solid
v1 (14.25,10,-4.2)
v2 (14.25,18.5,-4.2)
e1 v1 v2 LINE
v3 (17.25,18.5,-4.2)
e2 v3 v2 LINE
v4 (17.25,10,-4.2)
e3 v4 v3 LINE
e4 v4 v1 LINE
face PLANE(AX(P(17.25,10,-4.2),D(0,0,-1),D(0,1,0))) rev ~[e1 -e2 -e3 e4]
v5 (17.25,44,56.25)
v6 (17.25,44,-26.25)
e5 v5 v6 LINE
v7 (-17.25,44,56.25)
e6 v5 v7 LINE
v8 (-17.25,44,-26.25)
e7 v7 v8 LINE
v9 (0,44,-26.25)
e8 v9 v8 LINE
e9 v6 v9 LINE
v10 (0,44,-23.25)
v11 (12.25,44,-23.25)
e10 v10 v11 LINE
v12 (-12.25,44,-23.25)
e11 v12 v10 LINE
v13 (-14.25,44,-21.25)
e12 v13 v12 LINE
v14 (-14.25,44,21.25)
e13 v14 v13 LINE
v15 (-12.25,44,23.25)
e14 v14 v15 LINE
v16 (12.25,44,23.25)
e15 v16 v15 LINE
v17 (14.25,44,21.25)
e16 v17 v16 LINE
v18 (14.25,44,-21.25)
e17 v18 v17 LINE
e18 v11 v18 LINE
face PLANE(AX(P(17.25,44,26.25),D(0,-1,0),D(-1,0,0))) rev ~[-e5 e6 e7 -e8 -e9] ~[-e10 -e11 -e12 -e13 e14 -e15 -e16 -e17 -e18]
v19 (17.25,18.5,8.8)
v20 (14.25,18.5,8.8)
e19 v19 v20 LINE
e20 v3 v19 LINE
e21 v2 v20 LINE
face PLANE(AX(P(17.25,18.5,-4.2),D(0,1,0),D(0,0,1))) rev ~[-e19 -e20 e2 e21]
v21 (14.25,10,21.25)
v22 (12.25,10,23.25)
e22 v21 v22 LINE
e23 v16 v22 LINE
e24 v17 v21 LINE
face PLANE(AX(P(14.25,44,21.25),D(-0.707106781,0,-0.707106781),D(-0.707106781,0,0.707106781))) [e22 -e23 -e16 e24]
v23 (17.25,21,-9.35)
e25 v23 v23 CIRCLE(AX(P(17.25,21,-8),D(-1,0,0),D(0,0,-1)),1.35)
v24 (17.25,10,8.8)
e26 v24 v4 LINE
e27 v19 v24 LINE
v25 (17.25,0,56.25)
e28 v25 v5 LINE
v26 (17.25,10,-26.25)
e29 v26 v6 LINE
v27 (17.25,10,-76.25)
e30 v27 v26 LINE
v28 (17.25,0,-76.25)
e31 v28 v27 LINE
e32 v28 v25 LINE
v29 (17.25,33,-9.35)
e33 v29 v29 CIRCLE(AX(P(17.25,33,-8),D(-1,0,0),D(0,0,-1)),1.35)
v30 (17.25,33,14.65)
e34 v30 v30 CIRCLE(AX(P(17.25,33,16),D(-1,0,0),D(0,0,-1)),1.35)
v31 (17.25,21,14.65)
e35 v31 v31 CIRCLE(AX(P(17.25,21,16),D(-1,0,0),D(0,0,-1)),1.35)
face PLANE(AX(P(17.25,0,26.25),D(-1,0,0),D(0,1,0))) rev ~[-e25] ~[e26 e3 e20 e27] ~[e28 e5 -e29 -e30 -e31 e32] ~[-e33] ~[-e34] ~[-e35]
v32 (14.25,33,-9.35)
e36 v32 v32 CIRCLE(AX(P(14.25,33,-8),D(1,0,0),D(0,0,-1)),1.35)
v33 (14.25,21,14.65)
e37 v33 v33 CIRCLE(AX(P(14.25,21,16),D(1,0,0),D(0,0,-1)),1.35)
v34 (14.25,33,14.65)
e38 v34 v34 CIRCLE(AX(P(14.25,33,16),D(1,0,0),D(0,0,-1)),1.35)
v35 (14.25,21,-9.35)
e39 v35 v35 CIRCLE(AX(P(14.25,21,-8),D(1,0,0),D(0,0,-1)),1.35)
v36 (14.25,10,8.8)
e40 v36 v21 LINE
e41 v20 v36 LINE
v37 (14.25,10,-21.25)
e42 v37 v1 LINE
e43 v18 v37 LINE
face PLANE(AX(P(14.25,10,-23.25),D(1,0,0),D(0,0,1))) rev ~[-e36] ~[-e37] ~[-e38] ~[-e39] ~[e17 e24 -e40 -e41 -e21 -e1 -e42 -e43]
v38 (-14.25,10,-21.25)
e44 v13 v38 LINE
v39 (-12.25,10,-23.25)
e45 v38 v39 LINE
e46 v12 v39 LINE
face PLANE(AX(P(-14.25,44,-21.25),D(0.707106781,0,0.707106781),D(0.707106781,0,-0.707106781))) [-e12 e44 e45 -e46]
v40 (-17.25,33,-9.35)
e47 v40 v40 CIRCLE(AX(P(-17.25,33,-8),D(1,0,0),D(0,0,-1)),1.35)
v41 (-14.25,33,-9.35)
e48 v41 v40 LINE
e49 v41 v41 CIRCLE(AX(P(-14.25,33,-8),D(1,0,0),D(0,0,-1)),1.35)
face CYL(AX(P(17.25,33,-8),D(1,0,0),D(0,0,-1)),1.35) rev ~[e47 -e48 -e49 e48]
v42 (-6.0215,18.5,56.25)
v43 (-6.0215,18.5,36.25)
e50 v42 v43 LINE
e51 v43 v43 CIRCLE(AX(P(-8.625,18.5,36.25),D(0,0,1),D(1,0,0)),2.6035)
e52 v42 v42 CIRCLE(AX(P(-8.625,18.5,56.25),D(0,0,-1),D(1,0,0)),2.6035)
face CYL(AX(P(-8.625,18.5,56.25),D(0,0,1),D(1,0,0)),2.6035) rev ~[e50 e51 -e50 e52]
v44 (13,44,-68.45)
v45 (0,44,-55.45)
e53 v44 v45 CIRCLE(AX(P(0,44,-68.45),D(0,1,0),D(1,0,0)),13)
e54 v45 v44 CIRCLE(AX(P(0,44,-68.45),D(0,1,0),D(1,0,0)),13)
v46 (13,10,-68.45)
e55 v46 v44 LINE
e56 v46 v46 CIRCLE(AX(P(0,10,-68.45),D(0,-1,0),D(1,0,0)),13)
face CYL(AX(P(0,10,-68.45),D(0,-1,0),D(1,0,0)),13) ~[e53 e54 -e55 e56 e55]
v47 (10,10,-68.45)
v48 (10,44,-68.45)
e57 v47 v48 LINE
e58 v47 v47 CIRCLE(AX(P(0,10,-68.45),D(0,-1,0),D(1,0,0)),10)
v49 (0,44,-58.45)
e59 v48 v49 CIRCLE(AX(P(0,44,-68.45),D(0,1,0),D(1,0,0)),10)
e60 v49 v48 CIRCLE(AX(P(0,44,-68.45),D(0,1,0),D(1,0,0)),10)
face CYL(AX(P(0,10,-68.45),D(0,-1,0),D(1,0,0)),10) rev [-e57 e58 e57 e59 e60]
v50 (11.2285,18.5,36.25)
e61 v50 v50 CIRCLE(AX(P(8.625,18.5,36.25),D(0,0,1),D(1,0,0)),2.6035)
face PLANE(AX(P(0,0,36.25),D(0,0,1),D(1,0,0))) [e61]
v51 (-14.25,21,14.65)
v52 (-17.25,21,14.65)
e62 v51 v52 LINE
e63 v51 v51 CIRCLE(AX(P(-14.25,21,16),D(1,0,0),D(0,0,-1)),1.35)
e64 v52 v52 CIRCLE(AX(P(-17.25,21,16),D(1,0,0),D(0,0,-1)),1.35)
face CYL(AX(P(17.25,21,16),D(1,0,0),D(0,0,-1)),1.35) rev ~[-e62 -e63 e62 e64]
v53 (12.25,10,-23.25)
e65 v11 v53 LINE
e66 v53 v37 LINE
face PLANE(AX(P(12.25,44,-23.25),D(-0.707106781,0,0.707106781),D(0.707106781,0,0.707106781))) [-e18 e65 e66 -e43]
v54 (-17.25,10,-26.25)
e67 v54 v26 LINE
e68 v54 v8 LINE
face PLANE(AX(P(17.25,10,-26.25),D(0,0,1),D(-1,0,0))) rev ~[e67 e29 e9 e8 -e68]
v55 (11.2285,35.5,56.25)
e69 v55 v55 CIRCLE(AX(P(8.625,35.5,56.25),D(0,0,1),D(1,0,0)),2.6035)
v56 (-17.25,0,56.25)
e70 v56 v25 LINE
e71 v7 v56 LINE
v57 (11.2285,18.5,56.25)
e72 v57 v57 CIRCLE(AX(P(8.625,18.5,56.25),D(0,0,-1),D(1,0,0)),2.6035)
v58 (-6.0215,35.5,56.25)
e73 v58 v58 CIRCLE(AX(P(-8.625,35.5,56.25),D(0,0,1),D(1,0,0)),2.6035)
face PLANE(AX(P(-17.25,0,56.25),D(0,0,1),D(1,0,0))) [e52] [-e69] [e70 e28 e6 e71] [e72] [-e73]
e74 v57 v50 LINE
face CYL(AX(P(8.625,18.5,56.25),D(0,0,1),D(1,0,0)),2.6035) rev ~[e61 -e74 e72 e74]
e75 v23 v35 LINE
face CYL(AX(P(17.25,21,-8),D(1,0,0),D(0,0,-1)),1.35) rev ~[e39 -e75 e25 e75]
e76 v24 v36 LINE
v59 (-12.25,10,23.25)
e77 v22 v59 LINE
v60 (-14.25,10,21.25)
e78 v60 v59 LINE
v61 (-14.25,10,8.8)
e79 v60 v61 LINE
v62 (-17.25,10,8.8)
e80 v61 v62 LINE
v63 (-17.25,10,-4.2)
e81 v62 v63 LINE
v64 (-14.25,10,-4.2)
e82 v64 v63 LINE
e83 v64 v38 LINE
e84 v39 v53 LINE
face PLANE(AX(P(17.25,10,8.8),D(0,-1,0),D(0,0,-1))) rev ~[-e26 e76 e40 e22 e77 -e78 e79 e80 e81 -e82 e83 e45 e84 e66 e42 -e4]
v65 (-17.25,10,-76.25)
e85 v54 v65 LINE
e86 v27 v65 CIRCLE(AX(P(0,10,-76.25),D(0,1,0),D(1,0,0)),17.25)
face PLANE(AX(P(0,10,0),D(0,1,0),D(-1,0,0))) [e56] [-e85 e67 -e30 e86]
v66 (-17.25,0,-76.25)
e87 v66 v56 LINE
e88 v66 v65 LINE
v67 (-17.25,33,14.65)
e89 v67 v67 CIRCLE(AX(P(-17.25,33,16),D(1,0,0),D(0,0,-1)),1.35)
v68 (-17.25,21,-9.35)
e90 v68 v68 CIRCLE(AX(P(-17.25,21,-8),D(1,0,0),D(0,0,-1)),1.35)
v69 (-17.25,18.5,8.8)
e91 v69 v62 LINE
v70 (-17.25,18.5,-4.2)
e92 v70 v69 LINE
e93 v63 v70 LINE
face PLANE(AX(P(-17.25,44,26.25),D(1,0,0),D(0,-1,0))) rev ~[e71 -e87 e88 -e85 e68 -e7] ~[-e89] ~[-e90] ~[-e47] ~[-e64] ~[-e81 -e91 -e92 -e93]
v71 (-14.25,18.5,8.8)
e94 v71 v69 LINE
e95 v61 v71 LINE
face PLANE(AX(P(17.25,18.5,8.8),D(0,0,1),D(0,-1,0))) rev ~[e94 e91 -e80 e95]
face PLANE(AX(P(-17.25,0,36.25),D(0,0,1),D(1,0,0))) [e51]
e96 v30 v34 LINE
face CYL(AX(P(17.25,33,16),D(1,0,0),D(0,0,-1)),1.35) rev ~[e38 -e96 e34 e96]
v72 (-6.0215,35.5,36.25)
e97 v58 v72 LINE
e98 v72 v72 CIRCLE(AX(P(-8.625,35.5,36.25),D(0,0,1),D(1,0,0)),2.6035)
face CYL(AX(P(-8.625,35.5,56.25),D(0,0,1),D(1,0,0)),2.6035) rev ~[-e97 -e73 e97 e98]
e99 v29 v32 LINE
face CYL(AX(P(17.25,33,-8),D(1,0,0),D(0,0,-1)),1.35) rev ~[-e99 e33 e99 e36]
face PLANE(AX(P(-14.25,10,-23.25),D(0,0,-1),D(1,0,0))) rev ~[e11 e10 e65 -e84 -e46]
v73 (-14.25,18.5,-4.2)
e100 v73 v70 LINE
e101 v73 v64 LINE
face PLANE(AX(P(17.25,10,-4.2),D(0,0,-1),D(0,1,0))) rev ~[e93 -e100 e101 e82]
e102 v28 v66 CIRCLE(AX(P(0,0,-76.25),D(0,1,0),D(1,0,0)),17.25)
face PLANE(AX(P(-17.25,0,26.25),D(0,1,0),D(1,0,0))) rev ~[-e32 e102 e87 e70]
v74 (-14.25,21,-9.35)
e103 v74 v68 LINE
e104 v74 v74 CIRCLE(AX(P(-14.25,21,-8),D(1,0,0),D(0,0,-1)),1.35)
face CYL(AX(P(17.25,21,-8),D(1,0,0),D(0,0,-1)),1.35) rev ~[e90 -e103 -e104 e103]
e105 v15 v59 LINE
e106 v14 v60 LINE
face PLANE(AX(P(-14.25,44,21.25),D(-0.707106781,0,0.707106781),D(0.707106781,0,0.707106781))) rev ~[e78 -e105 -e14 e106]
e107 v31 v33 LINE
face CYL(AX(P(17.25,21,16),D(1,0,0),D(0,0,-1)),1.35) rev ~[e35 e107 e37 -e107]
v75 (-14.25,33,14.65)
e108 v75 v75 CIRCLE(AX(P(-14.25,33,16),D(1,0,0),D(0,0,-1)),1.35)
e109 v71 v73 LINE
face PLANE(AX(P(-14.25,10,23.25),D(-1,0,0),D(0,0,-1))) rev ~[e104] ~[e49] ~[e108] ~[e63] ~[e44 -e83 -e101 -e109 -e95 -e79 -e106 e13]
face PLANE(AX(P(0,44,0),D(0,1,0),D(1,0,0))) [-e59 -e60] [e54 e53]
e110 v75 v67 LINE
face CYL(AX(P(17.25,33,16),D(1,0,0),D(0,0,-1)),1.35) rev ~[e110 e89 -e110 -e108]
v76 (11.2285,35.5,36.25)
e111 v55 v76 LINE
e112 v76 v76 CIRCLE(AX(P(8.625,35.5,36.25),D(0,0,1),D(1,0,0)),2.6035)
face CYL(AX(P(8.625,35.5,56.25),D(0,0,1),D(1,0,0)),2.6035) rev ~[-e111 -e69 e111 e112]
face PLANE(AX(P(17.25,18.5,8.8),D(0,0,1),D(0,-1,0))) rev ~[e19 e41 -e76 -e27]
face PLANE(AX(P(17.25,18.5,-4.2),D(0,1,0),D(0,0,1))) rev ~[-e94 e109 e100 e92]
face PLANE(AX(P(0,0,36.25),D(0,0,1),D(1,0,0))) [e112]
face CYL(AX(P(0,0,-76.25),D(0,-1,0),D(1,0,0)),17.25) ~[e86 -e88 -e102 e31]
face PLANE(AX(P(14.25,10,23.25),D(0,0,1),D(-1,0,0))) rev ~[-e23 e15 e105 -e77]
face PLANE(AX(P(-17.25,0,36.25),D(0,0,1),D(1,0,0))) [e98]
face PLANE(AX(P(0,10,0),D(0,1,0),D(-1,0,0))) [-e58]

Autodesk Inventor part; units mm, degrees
ref_plane "YZ Plane" through (0, 0, 0) normal (1, 0, 0) x (0, 1, 0)
ref_plane "XZ Plane" through (0, 0, 0) normal (0, 1, 0) x (-1, 0, 0)
ref_plane "XY Plane" through (0, 0, 0) normal (0, 0, 1) x (1, 0, 0)
sketch "Sketch1" plane through (0, 0, 0) normal (0, 1, 0) x (-1, 0, 0)
  line L0 (-17.25, 26.25) -> (17.25, 26.25)
  line L1 (17.25, 26.25) -> (17.25, -26.25)
  line L2 (17.25, -26.25) -> (-17.25, -26.25)
  line L3 (-17.25, -26.25) -> (-17.25, 26.25)
  line L4 (-17.25, 26.25) -> (17.25, -26.25) construction
  line L5 (17.25, 26.25) -> (-17.25, -26.25) construction
  line L6 (17.25, -26.25) -> (-17.25, -26.25)
  line L7 (-17.25, -26.25) -> (-17.25, -76.25)
  line L8 (-17.25, -76.25) -> (17.25, -76.25)
  line L9 (17.25, -76.25) -> (17.25, -26.25)
  arc A0 (-17.25, -76.25) -> (17.25, -76.25) centre (0, -76.25) ccw
  point P0 (0, 0)
  dimension "d0" = 34.5
  dimension "d1" = 52.5
  dimension "d4" = 50
extrude "Floor" add sketch "Sketch1" along normal blind 10
sketch "Sketch3" plane through (0, 10, 0) normal (0, 1, 0) x (1, 0, 0)
  arc A0 (17.25, 76.25) -> (-17.25, 76.25) centre (0, 76.25) ccw
  circle A1 centre (0, 68.45) radius 10
  circle A2 centre (0, 68.45) radius 13
  line L0 (14.25, -23.25) -> (-14.25, -23.25)
  line L1 (-14.25, -23.25) -> (-14.25, 23.25)
  line L2 (-14.25, 23.25) -> (14.25, 23.25)
  line L3 (14.25, 23.25) -> (14.25, -23.25)
  line L4 (14.25, -23.25) -> (-14.25, 23.25) construction
  line L5 (-14.25, -23.25) -> (14.25, 23.25) construction
  line L6 (17.25, 26.25) -> (-17.25, 26.25)
  line L7 (-17.25, 26.25) -> (-17.25, -26.25)
  line L8 (-17.25, -26.25) -> (17.25, -26.25)
  line L9 (17.25, -26.25) -> (17.25, 26.25)
  line L10 (17.25, 26.25) -> (-17.25, -26.25) construction
  line L11 (-17.25, 26.25) -> (17.25, -26.25) construction
  line L12 (0, 23.25) -> (0, 68.45)
  point P0 (0, 0)
  dimension "d14" = 20
  dimension "d18" = 28.5
  dimension "d19" = 46.5
  dimension "d38" = 45.2
  dimension "d54" = 26
extrude "Slots" add sketch "Sketch3" along normal blind 34
sketch "Sketch4" plane through (17.25, 0, 26.25) normal (1, 0, 0) x (0, 0, -1)
  line L0 (3, 10) -> (49.5, 10)
  line L1 (49.5, 10) -> (49.5, 44)
  line L2 (49.5, 44) -> (3, 44)
  line L3 (3, 44) -> (3, 10)
  line L4 (26.25, 10) -> (38.25, 10)
  line L5 (3, 10) -> (49.5, 10) projected
  line L6 (38.25, 10) -> (14.25, 10)
  line L7 (10.25, 33) -> (34.25, 33)
  line L8 (34.25, 33) -> (34.25, 21)
  line L9 (34.25, 21) -> (10.25, 21)
  line L10 (10.25, 21) -> (10.25, 33)
  line L11 (10.25, 33) -> (34.25, 21) construction
  line L12 (34.25, 33) -> (10.25, 21) construction
  circle A0 centre (10.25, 33) radius 1.35
  circle A1 centre (34.25, 33) radius 1.35
  circle A2 centre (34.25, 21) radius 1.35
  circle A3 centre (10.25, 21) radius 1.35
  line L13 (49.5, 10) -> (49.5, 44) projected
  line L14 (49.5, 27) -> (34.25, 27)
  line L15 (34.25, 27) -> (22.25, 27)
  point P0 (26.25, 0)
  point P1 (22.25, 27)
  dimension "d0" = 34.5
  dimension "d24" = 12
  dimension "d25" = 24
  dimension "d26" = 2.7
  dimension "d27" = 2.7
  dimension "d28" = 2.7
  dimension "d29" = 2.7
  dimension "d56" = 15.25
  dimension "d57" = 12
extrude "Screws/Sides" cut sketch "Sketch4" against normal through all contours A1 L7 L8 | L8 L7 A1 | A2 L9 L8 | L8 L9 A2 | A0 L10 L7 | L7 L10 A0 | A3 L10 L9 | L9 L10 A3
sketch "Sketch5" plane through (0, 44, 0) normal (0, 1, 0) x (1, 0, 0)
  line L0 (14.25, -21.25) -> (-14.25, -21.25)
  line L1 (-14.25, -21.25) -> (-14.25, 21.25)
  line L2 (-14.25, 21.25) -> (14.25, 21.25)
  line L3 (14.25, 21.25) -> (14.25, -21.25)
  line L4 (14.25, -21.25) -> (-14.25, 21.25) construction
  line L5 (-14.25, -21.25) -> (14.25, 21.25) construction
  line L6 (12.25, 23.25) -> (-12.25, 23.25)
  line L7 (-12.25, 23.25) -> (-12.25, -23.25)
  line L8 (-12.25, -23.25) -> (12.25, -23.25)
  line L9 (12.25, -23.25) -> (12.25, 23.25)
  line L10 (12.25, 23.25) -> (-12.25, -23.25) construction
  line L11 (-12.25, 23.25) -> (12.25, -23.25) construction
  line L12 (-12.25, 21.25) -> (-14.25, 21.25)
  line L13 (12.25, 23.25) -> (12.25, 21.25)
  line L14 (12.25, -21.25) -> (14.25, -21.25)
  line L15 (12.25, -23.25) -> (12.25, -21.25)
  line L16 (-14.25, -21.25) -> (-14.25, -23.25)
  line L17 (-14.25, -23.25) -> (-12.25, -23.25)
  line L18 (-14.25, -21.25) -> (-12.25, -23.25)
  line L19 (-14.25, -23.25) -> (-14.25, -21.25)
  line L20 (-14.25, 21.25) -> (-12.25, 23.25)
  line L21 (-14.25, 23.25) -> (-14.25, 21.25)
  line L22 (-14.25, -23.25) -> (-14.25, 23.25) projected
  line L23 (12.25, 23.25) -> (14.25, 23.25)
  line L24 (14.25, 23.25) -> (14.25, 21.25)
  line L25 (12.25, 23.25) -> (14.25, 21.25)
  line L26 (14.25, 23.25) -> (12.25, 23.25)
  line L27 (14.25, -23.25) -> (12.25, -23.25)
  line L28 (14.25, -23.25) -> (-14.25, -23.25) projected
  line L29 (14.25, -21.25) -> (12.25, -23.25)
  line L30 (14.25, -23.25) -> (14.25, -21.25)
  line L31 (14.25, 23.25) -> (14.25, -23.25) projected
  line L32 (-14.25, 23.25) -> (-12.25, 23.25)
  line L33 (14.25, 23.25) -> (-14.25, 23.25) projected
  point P0 (0, 0)
  dimension "d32" = 42.5
  dimension "d33" = 24.5
extrude "Servo Corners" add sketch "Sketch5" against normal blind 34 contours L30 L27 L29 | L25 L23 L24 | L17 L16 L18 | L20 L21 L32
sketch "Sketch6" plane through (0, 44, 0) normal (0, 1, 0) x (1, 0, 0)
  line L0 (-12.25, 23.25) -> (12.25, 23.25) projected
  line L1 (0, 23.25) -> (0, 12)
  circle A0 centre (0, 68.45) radius 10 projected
  line L2 (0, 12) -> (0, 68.45)
  point P0 (0, 0)
  dimension "d36" = 11.25
  dimension "d37" = 56.45
sketch "Sketch7" plane through (-17.25, 0, 26.25) normal (0, 0, 1) x (1, 0, 0)
  line L0 (0, 0) -> (34.5, 0)
  line L1 (34.5, 0) -> (34.5, 44)
  line L2 (34.5, 44) -> (0, 44)
  line L3 (0, 44) -> (0, 0)
  point P0 (17.25, 0)
extrude "Mount Extension" add sketch "Sketch7" along normal blind 30
sketch "Sketch8" plane through (-17.25, 0, 56.25) normal (0, 0, 1) x (1, 0, 0)
  line L0 (17.25, 0) -> (17.25, 10)
  line L1 (29.5, 44) -> (5, 44) projected
  line L2 (17.25, 27) -> (17.25, 35.5)
  line L3 (34.5, 10) -> (34.5, 44) projected
  line L4 (0, 10) -> (0, 44) projected
  line L5 (17.25, 35.5) -> (8.625, 35.5)
  circle A0 centre (8.625, 35.5) radius 2.6035
  line L6 (17.25, 10) -> (8.625, 10)
  line L7 (29.5, 10) -> (5, 10) projected
  line L8 (8.625, 10) -> (8.625, 18.5)
  circle A1 centre (8.625, 18.5) radius 2.6035
  line L9 (34.5, 35.5) -> (25.875, 35.5)
  dimension "d41" = 10
  dimension "d42" = 5.207
  dimension "d43" = 8.5
  dimension "d44" = 5.207
  dimension "d47" = 8.625
extrude "Mount Holes" cut sketch "Sketch8" against normal blind 20
pattern_linear "Rectangular Pattern1" count 2 spacing 17.25 along (1, 0, 0) of "Mount Holes"
sketch "Sketch11" plane through (17.25, 0, -76.25) normal (1, 0, 0) x (0, 0, -1)
  line L0 (-85.05, 10) -> (-72.05, 10)
  line L1 (-72.05, 10) -> (-72.05, 18.5)
  line L2 (-72.05, 18.5) -> (-85.05, 18.5)
  line L3 (-85.05, 18.5) -> (-85.05, 10)
  circle A0 centre (-68.25, 21) radius 1.35 projected
  line L4 (-68.25, 21) -> (-68.25, 10)
  line L5 (-97.5, 10) -> (-55, 10) projected
  line L6 (-68.25, 10) -> (-72.05, 10)
  point P0 (-76.25, 0)
  dimension "d58" = 13
  dimension "d59" = 8.5
  dimension "d60" = 3.8
extrude "Wiring Holes" cut sketch "Sketch11" against normal through all contours L3 L2 L1 L0
properties part number "JointBase"
